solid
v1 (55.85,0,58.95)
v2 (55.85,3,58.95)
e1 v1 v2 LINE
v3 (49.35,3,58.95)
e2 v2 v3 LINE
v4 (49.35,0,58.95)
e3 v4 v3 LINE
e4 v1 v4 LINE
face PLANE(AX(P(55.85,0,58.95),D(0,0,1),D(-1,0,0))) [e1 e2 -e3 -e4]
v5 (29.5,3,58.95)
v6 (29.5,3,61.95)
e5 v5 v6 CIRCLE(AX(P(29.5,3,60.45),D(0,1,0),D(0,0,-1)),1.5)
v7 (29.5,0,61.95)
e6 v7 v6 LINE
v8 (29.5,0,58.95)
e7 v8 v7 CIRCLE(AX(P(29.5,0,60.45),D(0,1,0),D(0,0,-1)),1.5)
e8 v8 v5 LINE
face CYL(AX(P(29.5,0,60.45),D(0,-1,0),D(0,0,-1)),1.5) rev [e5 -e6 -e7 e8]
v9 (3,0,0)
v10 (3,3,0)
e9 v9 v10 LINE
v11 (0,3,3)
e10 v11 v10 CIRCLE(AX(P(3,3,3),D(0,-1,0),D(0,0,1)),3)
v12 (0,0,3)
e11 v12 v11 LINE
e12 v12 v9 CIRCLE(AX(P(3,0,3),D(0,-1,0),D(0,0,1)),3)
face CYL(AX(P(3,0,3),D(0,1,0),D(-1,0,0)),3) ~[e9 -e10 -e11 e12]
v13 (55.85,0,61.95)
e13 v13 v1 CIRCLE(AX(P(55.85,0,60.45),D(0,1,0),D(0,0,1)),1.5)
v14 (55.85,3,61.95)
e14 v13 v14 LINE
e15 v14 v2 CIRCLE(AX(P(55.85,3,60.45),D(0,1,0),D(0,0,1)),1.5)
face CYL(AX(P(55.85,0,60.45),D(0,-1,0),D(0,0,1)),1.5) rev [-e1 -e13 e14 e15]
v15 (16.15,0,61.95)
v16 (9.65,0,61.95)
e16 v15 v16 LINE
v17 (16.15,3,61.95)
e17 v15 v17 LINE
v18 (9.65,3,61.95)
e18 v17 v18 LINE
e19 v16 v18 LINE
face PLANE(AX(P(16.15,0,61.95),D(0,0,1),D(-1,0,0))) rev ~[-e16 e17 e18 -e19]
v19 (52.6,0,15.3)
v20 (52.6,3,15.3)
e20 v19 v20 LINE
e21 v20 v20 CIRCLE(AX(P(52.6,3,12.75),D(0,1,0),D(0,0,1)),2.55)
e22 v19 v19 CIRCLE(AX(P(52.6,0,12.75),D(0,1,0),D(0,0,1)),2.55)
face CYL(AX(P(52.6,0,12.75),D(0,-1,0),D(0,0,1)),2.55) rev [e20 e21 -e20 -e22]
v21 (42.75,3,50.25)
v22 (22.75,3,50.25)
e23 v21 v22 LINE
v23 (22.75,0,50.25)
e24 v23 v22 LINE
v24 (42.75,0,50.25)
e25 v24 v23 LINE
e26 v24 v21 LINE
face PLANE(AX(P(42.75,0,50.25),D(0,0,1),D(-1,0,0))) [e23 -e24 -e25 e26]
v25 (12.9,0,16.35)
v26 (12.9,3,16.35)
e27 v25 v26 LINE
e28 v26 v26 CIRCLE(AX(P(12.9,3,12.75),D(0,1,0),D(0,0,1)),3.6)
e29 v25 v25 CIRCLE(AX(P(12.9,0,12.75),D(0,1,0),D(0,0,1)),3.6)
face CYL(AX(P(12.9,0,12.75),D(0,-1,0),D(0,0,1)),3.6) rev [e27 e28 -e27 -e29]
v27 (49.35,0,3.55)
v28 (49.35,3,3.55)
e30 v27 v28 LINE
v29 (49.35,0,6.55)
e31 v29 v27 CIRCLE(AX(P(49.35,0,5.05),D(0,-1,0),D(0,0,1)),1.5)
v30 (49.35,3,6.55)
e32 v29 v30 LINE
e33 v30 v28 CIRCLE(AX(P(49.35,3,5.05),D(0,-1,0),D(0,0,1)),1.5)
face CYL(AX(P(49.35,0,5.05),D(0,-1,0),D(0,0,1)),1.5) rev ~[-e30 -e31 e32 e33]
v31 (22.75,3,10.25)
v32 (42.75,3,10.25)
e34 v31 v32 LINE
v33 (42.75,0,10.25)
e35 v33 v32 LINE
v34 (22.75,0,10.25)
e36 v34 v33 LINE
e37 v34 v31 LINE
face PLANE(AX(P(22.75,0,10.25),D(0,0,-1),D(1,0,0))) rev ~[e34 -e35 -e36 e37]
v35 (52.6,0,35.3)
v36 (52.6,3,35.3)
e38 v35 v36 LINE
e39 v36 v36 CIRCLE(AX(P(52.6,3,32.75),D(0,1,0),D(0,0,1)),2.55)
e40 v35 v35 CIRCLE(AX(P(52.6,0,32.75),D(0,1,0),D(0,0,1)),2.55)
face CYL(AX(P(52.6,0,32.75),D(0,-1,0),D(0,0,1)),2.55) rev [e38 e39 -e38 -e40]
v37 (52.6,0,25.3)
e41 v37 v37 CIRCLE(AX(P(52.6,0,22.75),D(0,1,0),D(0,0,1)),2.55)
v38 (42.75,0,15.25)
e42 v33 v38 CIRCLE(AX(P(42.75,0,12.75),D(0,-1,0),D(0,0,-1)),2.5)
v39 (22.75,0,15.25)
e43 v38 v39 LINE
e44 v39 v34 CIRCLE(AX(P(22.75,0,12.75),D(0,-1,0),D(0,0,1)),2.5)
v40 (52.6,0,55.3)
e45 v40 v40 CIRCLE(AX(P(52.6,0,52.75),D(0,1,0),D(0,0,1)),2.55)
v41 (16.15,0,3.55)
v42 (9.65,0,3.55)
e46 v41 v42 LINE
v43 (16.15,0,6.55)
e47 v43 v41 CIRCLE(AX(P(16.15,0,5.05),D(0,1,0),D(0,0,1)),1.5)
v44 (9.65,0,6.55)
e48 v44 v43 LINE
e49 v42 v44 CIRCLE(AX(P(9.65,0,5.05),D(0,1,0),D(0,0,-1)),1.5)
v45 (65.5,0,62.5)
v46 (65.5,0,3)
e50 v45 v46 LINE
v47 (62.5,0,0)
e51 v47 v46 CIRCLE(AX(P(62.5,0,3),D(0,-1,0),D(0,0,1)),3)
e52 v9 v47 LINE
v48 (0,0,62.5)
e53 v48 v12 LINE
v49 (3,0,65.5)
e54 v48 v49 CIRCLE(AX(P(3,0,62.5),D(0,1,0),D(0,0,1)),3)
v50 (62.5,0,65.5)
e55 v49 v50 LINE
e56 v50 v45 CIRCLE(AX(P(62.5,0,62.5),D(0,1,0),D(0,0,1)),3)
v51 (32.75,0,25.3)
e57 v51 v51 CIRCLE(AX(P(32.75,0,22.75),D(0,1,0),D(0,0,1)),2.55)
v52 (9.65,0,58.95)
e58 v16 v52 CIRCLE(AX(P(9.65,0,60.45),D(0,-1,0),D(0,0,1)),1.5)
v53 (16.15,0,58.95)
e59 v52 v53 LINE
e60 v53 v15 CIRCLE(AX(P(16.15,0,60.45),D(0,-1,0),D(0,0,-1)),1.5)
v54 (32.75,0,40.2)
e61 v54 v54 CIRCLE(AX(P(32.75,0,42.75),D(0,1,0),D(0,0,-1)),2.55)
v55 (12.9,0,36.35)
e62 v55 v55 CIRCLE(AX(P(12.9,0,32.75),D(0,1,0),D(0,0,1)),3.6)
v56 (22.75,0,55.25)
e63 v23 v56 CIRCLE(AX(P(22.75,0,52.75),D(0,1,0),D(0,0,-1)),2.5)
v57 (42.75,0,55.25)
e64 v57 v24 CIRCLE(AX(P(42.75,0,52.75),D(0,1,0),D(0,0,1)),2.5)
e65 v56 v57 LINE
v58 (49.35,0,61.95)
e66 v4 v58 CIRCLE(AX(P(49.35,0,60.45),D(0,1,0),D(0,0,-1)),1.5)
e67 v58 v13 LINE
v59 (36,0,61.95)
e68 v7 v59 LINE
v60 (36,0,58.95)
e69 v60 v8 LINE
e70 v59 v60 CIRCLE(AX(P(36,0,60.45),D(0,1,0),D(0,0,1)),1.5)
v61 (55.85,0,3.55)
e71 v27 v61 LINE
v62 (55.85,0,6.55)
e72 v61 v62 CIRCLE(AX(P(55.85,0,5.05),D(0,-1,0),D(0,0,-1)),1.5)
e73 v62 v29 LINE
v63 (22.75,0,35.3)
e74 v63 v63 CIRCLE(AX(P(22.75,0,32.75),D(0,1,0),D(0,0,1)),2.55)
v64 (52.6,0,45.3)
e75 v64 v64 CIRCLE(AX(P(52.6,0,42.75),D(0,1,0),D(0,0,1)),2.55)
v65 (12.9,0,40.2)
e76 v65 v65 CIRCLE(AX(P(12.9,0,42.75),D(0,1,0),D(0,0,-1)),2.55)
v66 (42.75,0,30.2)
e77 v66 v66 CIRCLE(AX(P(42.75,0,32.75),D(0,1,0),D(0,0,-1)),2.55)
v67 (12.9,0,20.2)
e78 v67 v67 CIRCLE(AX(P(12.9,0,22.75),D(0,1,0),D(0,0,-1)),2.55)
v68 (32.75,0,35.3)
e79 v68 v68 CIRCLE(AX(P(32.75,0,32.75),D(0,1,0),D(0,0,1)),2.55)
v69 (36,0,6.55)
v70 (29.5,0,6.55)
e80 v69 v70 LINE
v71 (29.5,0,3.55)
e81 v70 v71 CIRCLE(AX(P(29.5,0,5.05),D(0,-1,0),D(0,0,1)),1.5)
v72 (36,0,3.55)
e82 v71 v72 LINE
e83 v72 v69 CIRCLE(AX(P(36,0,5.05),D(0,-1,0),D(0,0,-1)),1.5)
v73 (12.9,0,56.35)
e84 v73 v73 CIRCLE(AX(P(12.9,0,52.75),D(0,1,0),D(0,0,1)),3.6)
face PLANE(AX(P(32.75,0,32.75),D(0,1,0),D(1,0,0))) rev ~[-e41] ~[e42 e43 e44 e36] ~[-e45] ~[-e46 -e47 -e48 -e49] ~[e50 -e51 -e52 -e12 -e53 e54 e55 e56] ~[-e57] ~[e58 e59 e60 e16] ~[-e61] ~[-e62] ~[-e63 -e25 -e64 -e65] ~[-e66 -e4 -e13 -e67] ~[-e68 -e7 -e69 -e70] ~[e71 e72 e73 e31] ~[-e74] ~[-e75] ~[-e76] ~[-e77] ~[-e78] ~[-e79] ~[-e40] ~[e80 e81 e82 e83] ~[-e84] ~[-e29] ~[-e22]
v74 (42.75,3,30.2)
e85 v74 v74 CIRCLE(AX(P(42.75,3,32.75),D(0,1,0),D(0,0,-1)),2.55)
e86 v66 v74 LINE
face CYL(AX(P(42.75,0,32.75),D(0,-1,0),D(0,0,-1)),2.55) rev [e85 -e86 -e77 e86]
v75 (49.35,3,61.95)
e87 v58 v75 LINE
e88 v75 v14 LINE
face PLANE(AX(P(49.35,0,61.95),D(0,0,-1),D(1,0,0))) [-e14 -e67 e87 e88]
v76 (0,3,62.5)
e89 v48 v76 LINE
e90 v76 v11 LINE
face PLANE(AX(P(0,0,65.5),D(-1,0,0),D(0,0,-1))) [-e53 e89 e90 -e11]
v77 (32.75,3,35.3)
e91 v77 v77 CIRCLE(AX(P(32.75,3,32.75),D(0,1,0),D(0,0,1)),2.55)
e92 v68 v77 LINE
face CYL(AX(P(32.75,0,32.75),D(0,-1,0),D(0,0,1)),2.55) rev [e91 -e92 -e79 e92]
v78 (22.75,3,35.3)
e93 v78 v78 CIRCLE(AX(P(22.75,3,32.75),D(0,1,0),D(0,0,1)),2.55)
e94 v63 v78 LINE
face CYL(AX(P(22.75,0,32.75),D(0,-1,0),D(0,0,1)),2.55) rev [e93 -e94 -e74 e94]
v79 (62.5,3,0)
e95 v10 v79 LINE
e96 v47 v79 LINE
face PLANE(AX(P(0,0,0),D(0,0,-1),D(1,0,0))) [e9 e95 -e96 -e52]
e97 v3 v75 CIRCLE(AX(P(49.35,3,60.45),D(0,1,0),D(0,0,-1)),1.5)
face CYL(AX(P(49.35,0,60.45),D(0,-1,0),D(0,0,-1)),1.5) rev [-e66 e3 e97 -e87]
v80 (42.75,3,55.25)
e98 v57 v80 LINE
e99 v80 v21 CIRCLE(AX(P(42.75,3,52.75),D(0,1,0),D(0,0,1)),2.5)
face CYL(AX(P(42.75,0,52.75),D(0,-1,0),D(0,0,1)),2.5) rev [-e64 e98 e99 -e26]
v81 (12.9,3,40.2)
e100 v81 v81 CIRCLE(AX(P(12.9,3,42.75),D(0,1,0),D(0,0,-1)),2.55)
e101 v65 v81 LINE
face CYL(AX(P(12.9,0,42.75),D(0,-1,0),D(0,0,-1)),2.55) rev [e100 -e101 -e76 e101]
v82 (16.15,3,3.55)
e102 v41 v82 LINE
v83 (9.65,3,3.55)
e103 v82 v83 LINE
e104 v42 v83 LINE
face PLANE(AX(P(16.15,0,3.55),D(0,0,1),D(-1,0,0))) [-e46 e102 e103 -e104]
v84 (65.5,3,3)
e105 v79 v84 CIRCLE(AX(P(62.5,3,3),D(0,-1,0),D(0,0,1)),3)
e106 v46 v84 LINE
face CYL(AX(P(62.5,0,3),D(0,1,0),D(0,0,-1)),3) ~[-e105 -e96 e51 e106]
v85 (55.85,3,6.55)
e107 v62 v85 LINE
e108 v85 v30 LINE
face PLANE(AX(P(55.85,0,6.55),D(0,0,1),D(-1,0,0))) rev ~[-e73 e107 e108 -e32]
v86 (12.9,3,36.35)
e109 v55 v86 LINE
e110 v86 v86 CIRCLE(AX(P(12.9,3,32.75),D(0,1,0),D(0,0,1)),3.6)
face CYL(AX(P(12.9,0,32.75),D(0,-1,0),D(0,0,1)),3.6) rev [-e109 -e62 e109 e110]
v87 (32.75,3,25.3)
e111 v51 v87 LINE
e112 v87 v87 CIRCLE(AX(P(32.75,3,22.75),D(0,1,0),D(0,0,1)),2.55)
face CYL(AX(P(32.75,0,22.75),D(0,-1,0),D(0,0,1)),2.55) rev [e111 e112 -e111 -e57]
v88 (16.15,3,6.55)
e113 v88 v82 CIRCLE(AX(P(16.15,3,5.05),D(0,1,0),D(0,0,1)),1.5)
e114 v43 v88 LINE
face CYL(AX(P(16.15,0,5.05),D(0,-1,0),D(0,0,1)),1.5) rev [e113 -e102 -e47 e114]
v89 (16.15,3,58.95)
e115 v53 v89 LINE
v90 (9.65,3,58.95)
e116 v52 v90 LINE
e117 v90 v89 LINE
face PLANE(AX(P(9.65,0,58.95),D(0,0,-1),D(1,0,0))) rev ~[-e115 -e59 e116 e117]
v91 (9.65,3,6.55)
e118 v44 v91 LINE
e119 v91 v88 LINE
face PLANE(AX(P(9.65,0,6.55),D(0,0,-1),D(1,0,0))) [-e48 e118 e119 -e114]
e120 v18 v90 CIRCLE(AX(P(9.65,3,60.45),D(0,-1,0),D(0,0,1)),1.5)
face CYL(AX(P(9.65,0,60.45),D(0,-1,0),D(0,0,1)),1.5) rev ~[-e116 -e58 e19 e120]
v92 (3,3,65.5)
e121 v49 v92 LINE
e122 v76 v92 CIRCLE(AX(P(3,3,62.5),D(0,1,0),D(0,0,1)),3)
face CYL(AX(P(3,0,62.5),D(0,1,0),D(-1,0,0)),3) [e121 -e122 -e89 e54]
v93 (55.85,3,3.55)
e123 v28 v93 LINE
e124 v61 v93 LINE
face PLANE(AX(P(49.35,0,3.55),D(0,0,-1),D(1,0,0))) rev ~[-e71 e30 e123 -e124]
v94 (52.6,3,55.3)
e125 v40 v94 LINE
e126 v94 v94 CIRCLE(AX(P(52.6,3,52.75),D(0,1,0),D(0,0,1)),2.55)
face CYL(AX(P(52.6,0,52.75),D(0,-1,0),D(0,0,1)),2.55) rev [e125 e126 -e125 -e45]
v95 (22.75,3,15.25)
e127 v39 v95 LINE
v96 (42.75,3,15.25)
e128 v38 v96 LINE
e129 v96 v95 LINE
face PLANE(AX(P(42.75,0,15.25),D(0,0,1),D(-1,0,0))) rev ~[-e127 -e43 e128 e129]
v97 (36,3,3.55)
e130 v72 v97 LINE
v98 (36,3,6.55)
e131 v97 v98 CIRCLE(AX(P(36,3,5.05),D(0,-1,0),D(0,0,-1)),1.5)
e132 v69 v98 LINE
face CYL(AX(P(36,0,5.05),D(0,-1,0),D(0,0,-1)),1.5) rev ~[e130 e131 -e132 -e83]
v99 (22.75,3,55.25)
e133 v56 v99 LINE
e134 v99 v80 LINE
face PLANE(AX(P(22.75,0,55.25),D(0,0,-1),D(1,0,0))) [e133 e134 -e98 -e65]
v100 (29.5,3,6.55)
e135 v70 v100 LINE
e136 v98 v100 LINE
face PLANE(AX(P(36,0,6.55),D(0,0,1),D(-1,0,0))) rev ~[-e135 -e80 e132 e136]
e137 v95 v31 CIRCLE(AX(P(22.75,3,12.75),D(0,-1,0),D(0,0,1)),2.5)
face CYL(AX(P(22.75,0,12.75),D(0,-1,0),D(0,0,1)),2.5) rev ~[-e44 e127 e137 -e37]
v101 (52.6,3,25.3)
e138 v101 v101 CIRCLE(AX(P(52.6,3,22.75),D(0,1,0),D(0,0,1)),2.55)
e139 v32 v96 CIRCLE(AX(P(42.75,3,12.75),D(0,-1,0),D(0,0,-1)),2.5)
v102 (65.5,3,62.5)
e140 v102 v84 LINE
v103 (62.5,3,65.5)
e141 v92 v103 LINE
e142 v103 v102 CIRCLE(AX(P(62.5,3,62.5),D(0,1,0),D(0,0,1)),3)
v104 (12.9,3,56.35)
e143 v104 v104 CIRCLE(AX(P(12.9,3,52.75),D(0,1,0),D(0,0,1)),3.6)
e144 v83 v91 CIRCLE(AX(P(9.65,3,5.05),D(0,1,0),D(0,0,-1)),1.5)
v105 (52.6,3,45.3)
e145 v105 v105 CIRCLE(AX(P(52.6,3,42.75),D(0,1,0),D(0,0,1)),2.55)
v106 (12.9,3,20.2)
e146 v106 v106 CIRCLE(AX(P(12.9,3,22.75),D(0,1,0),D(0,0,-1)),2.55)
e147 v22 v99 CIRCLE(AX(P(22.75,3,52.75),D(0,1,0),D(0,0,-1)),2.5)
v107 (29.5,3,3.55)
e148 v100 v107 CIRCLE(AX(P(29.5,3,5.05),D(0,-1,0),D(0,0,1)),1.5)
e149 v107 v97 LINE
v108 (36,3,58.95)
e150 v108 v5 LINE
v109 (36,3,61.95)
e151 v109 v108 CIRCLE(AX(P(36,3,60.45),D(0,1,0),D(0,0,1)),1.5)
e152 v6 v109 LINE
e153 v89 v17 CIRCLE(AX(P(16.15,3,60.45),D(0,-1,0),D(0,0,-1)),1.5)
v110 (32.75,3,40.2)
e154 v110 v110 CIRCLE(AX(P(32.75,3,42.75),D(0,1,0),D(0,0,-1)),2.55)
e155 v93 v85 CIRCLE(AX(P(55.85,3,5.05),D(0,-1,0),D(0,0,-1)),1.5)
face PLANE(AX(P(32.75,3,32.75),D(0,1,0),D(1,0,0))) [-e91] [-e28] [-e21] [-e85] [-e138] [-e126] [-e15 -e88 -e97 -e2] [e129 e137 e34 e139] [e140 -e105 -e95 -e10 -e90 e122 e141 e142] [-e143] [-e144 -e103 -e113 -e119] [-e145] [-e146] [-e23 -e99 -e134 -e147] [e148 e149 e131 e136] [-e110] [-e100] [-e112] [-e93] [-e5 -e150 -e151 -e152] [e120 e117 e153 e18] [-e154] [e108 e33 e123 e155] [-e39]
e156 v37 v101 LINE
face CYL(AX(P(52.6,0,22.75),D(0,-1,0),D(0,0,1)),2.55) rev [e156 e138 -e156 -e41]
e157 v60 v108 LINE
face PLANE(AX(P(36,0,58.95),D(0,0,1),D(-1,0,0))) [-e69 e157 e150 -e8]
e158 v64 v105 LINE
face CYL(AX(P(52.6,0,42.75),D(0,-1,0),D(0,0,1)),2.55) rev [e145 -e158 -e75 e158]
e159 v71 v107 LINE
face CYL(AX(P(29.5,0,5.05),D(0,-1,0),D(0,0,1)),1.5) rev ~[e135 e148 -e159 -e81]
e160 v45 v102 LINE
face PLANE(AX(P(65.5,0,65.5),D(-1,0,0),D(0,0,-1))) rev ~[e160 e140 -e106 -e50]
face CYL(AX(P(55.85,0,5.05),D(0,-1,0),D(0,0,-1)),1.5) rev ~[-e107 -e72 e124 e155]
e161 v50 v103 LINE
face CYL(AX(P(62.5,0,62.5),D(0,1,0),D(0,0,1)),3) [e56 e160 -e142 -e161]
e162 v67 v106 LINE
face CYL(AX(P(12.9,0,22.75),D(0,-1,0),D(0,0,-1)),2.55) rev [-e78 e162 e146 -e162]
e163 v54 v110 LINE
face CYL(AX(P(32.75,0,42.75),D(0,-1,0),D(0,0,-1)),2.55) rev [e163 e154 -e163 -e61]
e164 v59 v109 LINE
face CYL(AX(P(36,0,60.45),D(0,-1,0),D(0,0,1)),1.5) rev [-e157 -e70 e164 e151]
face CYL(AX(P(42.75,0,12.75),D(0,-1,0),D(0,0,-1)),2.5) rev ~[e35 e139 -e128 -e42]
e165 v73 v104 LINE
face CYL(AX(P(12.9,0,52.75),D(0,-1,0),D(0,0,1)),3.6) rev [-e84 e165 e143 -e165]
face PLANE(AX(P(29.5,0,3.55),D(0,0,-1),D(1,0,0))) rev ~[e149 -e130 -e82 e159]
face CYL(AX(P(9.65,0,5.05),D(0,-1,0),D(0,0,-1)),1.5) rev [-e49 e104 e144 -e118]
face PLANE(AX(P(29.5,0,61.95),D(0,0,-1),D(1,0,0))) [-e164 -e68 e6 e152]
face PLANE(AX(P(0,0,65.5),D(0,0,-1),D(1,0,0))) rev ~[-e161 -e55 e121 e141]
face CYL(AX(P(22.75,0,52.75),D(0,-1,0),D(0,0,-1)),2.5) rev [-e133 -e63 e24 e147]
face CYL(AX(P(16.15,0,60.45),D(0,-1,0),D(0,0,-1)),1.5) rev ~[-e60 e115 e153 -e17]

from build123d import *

# Parameters (mm, degrees)
SKETCH_1_W      = 65.5
SKETCH_1_H      = 65.5
SKETCH_1_R      = 3.6
SKETCH_1_R_2    = 2.55
EXTRUDE_1_DEPTH = 3
FILLET_1_R      = 3


with BuildPart() as part:
    # 草图1 → 凸台-拉伸1 (new body)
    with BuildSketch(Plane(origin=(0, 0, 0), x_dir=(1, 0, 0), z_dir=(0, 1, 0))):
        with Locations((32.75, -32.75)):
            Rectangle(SKETCH_1_W, SKETCH_1_H)
        with Locations(Location((12.9, -12.75, 0), (0, 0, 270))):
            Circle(SKETCH_1_R, mode=Mode.SUBTRACT)
        with Locations(Location((12.9, -32.75, 0), (0, 0, 270))):
            Circle(SKETCH_1_R, mode=Mode.SUBTRACT)
        with Locations(Location((12.9, -52.75, 0), (0, 0, 270))):
            Circle(SKETCH_1_R, mode=Mode.SUBTRACT)
        with Locations(Location((32.75, -32.75, 0), (0, 0, 270))):
            Circle(SKETCH_1_R_2, mode=Mode.SUBTRACT)
        with Locations(Location((22.75, -32.75, 0), (0, 0, 270))):
            Circle(SKETCH_1_R_2, mode=Mode.SUBTRACT)
        with Locations(Location((32.75, -22.75, 0), (0, 0, 270))):
            Circle(SKETCH_1_R_2, mode=Mode.SUBTRACT)
        with Locations(Location((32.75, -42.75, 0), (0, 0, 90))):
            Circle(SKETCH_1_R_2, mode=Mode.SUBTRACT)
        with Locations(Location((42.75, -32.75, 0), (0, 0, 90))):
            Circle(SKETCH_1_R_2, mode=Mode.SUBTRACT)
        with Locations(Location((52.6, -12.75, 0), (0, 0, 270))):
            Circle(SKETCH_1_R_2, mode=Mode.SUBTRACT)
        with Locations(Location((52.6, -22.75, 0), (0, 0, 270))):
            Circle(SKETCH_1_R_2, mode=Mode.SUBTRACT)
        with Locations(Location((52.6, -32.75, 0), (0, 0, 270))):
            Circle(SKETCH_1_R_2, mode=Mode.SUBTRACT)
        with Locations(Location((52.6, -42.75, 0), (0, 0, 270))):
            Circle(SKETCH_1_R_2, mode=Mode.SUBTRACT)
        with Locations(Location((52.6, -52.75, 0), (0, 0, 270))):
            Circle(SKETCH_1_R_2, mode=Mode.SUBTRACT)
        with Locations(Location((12.9, -42.75, 0), (0, 0, 90))):
            Circle(SKETCH_1_R_2, mode=Mode.SUBTRACT)
        with Locations(Location((12.9, -22.75, 0), (0, 0, 90))):
            Circle(SKETCH_1_R_2, mode=Mode.SUBTRACT)
        with BuildLine():
            Line((29.5, -3.55), (36, -3.55))
            ThreePointArc((36, -3.55), (37.5, -5.05), (36, -6.55))
            Line((36, -6.55), (29.5, -6.55))
            ThreePointArc((29.5, -6.55), (28, -5.05), (29.5, -3.55))
        make_face(mode=Mode.SUBTRACT)
        with BuildLine():
            Line((49.35, -3.55), (55.85, -3.55))
            ThreePointArc((55.85, -3.55), (57.35, -5.05), (55.85, -6.55))
            Line((55.85, -6.55), (49.35, -6.55))
            ThreePointArc((49.35, -6.55), (47.85, -5.05), (49.35, -3.55))
        make_face(mode=Mode.SUBTRACT)
        with BuildLine():
            Line((16.15, -3.55), (9.65, -3.55))
            ThreePointArc((9.65, -3.55), (8.15, -5.05), (9.65, -6.55))
            Line((9.65, -6.55), (16.15, -6.55))
            ThreePointArc((16.15, -6.55), (17.65, -5.05), (16.15, -3.55))
        make_face(mode=Mode.SUBTRACT)
        with BuildLine():
            Line((16.15, -61.95), (9.65, -61.95))
            ThreePointArc((9.65, -61.95), (8.15, -60.45), (9.65, -58.95))
            Line((9.65, -58.95), (16.15, -58.95))
            ThreePointArc((16.15, -58.95), (17.65, -60.45), (16.15, -61.95))
        make_face(mode=Mode.SUBTRACT)
        with BuildLine():
            Line((29.5, -61.95), (36, -61.95))
            ThreePointArc((36, -61.95), (37.5, -60.45), (36, -58.95))
            Line((36, -58.95), (29.5, -58.95))
            ThreePointArc((29.5, -58.95), (28, -60.45), (29.5, -61.95))
        make_face(mode=Mode.SUBTRACT)
        with BuildLine():
            Line((49.35, -61.95), (55.85, -61.95))
            ThreePointArc((55.85, -61.95), (57.35, -60.45), (55.85, -58.95))
            Line((55.85, -58.95), (49.35, -58.95))
            ThreePointArc((49.35, -58.95), (47.85, -60.45), (49.35, -61.95))
        make_face(mode=Mode.SUBTRACT)
        with BuildLine():
            Line((22.75, -10.25), (42.75, -10.25))
            ThreePointArc((42.75, -10.25), (45.25, -12.75), (42.75, -15.25))
            Line((42.75, -15.25), (22.75, -15.25))
            ThreePointArc((22.75, -15.25), (20.25, -12.75), (22.75, -10.25))
        make_face(mode=Mode.SUBTRACT)
        with BuildLine():
            Line((22.75, -55.25), (42.75, -55.25))
            ThreePointArc((42.75, -55.25), (45.25, -52.75), (42.75, -50.25))
            Line((42.75, -50.25), (22.75, -50.25))
            ThreePointArc((22.75, -50.25), (20.25, -52.75), (22.75, -55.25))
        make_face(mode=Mode.SUBTRACT)
    extrude(amount=EXTRUDE_1_DEPTH)

    # 圆角1
    fillet_1_edges = [part.edges().sort_by_distance(p)[0] for p in [
        (0, 1.5, 0),
        (65.5, 1.5, 0),
        (65.5, 1.5, 65.5),
        (0, 1.5, 65.5),
    ]]
    fillet(fillet_1_edges, radius=FILLET_1_R)


solid = part.part
